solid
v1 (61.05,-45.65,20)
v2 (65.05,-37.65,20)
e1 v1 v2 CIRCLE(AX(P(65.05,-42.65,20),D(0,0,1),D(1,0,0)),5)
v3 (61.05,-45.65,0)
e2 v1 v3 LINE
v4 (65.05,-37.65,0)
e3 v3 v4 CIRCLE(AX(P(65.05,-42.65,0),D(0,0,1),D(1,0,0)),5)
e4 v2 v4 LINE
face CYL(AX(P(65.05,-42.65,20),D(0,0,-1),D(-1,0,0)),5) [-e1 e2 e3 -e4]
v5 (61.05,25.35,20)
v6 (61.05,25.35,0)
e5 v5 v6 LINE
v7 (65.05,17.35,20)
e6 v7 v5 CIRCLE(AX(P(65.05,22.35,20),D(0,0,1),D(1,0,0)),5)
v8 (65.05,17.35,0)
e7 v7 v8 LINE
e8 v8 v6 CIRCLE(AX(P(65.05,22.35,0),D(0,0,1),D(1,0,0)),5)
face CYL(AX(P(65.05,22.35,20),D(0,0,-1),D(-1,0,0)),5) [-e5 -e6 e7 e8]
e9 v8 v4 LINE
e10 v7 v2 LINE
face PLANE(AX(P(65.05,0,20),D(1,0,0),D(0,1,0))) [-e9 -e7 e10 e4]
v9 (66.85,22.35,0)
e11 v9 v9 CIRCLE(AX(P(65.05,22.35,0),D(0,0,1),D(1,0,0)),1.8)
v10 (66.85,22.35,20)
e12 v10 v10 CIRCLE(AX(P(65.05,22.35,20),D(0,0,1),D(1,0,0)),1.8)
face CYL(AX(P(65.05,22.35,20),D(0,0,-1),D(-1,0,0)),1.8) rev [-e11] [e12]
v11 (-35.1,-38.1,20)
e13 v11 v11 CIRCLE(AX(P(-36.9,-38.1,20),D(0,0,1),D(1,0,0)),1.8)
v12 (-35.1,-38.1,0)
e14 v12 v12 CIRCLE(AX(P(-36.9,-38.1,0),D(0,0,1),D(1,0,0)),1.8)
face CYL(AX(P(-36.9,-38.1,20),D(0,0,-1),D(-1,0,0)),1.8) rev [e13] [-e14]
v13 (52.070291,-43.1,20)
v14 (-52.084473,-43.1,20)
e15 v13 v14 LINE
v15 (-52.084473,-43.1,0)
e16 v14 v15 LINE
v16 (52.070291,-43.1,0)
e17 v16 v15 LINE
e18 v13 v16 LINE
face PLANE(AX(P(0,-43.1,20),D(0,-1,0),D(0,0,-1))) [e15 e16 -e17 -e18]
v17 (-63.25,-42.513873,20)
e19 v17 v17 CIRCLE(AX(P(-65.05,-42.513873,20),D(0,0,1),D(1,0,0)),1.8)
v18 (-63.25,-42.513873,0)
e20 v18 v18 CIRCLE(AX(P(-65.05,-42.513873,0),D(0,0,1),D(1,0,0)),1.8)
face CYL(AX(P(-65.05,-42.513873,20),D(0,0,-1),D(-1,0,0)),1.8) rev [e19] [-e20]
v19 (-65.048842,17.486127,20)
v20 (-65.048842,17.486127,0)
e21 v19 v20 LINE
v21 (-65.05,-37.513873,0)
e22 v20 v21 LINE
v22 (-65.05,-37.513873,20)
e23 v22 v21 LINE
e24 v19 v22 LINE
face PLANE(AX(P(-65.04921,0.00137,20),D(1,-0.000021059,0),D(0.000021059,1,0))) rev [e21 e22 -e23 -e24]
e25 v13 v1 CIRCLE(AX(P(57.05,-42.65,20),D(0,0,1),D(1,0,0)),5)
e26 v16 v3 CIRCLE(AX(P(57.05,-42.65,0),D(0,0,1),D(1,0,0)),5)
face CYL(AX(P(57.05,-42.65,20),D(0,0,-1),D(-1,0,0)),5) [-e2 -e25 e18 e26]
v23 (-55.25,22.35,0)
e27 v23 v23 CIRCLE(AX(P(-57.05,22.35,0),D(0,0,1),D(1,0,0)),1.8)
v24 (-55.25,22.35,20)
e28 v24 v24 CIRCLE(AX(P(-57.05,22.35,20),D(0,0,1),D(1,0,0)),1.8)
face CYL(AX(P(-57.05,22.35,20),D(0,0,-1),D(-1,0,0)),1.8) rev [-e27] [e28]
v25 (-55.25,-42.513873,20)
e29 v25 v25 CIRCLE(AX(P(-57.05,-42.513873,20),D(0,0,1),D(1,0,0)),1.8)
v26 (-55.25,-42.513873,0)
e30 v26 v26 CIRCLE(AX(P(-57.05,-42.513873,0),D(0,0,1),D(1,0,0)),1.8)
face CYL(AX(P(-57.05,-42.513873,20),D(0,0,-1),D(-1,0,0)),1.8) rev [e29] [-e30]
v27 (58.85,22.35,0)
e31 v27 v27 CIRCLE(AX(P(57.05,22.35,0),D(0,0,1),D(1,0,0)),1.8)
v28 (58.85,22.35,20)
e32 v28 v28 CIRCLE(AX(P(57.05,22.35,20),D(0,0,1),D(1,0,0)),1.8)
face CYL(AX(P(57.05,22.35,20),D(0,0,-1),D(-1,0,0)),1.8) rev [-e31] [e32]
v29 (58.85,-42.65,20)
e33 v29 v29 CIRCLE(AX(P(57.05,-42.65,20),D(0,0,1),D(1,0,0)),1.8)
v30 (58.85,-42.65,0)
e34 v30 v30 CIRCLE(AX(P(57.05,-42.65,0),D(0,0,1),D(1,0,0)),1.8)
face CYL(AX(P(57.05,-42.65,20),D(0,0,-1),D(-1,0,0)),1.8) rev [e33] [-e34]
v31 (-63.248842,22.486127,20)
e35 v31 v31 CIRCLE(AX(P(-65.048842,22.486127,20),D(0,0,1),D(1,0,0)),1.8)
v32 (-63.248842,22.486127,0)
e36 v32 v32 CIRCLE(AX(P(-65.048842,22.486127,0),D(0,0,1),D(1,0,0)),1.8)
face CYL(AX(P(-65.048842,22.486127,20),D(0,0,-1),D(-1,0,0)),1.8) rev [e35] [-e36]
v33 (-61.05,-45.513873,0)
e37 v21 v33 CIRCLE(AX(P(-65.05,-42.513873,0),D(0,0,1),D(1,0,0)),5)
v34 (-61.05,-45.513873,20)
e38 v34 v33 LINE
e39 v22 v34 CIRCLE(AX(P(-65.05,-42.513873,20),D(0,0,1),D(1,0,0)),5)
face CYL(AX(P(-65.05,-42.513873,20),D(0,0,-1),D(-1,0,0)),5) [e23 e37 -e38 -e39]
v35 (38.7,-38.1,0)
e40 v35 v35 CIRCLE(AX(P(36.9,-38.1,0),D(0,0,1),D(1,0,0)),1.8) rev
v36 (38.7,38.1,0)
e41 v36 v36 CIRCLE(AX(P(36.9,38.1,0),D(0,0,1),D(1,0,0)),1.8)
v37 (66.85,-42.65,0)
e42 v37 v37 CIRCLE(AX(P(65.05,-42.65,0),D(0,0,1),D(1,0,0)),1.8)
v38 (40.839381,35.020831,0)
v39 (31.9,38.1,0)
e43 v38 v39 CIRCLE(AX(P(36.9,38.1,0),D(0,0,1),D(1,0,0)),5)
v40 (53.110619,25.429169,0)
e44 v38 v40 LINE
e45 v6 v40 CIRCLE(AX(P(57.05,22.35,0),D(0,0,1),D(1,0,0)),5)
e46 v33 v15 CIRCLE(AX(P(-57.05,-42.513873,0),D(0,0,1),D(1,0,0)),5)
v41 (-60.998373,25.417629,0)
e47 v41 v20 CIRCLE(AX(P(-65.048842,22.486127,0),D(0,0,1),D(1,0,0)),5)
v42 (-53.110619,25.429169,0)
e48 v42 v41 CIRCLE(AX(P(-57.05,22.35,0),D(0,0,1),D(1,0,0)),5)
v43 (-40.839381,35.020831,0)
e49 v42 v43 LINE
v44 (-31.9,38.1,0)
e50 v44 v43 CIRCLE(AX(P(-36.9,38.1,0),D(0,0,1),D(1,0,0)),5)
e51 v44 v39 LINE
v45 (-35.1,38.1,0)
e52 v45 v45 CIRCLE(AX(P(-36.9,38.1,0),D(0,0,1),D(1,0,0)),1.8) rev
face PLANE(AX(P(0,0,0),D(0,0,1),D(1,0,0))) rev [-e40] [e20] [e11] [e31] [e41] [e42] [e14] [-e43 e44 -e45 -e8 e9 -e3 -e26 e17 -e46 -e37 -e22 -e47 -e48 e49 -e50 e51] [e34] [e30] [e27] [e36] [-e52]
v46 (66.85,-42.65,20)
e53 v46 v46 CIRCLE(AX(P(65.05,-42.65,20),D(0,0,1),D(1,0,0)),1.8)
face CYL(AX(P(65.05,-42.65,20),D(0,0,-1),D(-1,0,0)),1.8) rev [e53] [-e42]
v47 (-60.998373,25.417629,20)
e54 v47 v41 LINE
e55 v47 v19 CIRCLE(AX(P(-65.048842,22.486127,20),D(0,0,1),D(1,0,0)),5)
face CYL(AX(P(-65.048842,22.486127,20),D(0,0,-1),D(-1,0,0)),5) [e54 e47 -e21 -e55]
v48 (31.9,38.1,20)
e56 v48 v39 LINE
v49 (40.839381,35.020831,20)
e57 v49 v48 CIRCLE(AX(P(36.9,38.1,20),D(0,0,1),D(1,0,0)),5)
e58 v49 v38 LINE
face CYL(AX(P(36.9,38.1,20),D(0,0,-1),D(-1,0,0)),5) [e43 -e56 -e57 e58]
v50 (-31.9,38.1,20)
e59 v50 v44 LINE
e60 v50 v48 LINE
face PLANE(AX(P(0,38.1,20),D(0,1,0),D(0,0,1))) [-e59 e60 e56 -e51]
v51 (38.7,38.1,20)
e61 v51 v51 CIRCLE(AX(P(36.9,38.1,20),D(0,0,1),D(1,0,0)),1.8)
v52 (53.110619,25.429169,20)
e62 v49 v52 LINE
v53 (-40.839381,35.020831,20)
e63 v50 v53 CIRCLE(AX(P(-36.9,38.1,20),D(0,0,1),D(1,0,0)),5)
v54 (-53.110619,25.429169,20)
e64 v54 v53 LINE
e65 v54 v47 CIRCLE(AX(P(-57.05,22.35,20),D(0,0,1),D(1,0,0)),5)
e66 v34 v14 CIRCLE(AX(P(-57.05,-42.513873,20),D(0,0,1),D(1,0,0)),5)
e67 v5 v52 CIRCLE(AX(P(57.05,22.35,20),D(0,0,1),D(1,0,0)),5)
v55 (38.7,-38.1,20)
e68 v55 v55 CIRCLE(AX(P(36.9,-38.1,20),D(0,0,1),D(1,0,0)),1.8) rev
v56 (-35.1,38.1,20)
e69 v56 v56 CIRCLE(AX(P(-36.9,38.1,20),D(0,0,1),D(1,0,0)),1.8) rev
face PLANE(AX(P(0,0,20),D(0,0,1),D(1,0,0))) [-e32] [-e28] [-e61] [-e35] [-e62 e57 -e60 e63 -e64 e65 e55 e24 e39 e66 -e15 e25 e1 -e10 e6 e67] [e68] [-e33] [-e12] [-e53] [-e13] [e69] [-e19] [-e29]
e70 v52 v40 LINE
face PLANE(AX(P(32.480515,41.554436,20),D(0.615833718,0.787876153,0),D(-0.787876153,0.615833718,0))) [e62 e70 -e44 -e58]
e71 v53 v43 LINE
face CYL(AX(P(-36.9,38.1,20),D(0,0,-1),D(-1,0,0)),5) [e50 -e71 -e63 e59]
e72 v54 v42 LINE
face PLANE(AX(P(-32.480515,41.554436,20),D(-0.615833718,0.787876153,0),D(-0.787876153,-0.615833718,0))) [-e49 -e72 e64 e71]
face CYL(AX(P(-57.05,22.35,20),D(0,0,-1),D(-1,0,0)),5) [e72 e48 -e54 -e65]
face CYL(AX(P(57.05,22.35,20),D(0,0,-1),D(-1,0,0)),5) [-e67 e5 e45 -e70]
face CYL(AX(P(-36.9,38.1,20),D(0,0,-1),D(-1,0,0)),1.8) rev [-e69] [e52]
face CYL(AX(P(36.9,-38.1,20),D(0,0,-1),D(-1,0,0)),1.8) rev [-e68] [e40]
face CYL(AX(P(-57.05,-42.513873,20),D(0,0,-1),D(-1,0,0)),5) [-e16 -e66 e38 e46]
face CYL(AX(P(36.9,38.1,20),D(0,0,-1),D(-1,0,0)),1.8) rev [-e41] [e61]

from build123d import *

# Parameters (mm, degrees)
SKETCH2_R           = 1.8
BOSS_EXTRUDE1_DEPTH = 20


with BuildPart() as part:
    # Sketch2 → Boss-Extrude1 (new body)
    with BuildSketch(Plane.XY):
        with BuildLine():
            ThreePointArc((-60.998373194, 25.417629235), (-69.501790799, 24.76016427), (-65.048841754, 17.486127155))
            Line((-65.048841754, 17.486127155), (-65.05, -37.513872835))
            ThreePointArc((-65.05, -37.513872835), (-69.522135955, -44.749940812), (-61.05, -45.513872835))
            ThreePointArc((-61.05, -45.513872835), (-55.750093871, -47.341941191), (-52.084473347, -43.1))
            Line((-52.084473347, -43.1), (-36.9, -43.1))
            Line((-36.9, -43.1), (36.9, -43.1))
            Line((36.9, -43.1), (52.070291173, -43.1))
            ThreePointArc((52.070291173, -43.1), (55.684136776, -47.459825117), (61.05, -45.65))
            ThreePointArc((61.05, -45.65), (69.522135955, -44.886067977), (65.05, -37.65))
            Line((65.05, -37.65), (65.05, 17.35))
            ThreePointArc((65.05, 17.35), (69.522135955, 24.586067977), (61.05, 25.35))
            ThreePointArc((61.05, 25.35), (57.099855684, 27.349751435), (53.110619235, 25.429168588))
            Line((53.110619235, 25.429168588), (40.839380765, 35.020831412))
            ThreePointArc((40.839380765, 35.020831412), (38.528357482, 42.827414929), (31.9, 38.1))
            Line((31.9, 38.1), (-31.9, 38.1))
            ThreePointArc((-31.9, 38.1), (-38.528357482, 42.827414929), (-40.839380765, 35.020831412))
            Line((-40.839380765, 35.020831412), (-53.110619235, 25.429168588))
            ThreePointArc((-53.110619235, 25.429168588), (-57.057314719, 27.349994649), (-60.998373194, 25.417629235))
        make_face()
        with Locations((-65.05, -42.513872835)):
            Circle(SKETCH2_R, mode=Mode.SUBTRACT)
        with Locations((-57.05, -42.513872835)):
            Circle(SKETCH2_R, mode=Mode.SUBTRACT)
        with Locations((-36.9, -38.1)):
            Circle(SKETCH2_R, mode=Mode.SUBTRACT)
        with Locations((36.9, -38.1)):
            Circle(SKETCH2_R, mode=Mode.SUBTRACT)
        with Locations((57.05, -42.65)):
            Circle(SKETCH2_R, mode=Mode.SUBTRACT)
        with Locations((65.05, -42.65)):
            Circle(SKETCH2_R, mode=Mode.SUBTRACT)
        with Locations((-65.048841754, 22.486127155)):
            Circle(SKETCH2_R, mode=Mode.SUBTRACT)
        with Locations((-57.05, 22.35)):
            Circle(SKETCH2_R, mode=Mode.SUBTRACT)
        with Locations((-36.9, 38.1)):
            Circle(SKETCH2_R, mode=Mode.SUBTRACT)
        with Locations((57.05, 22.35)):
            Circle(SKETCH2_R, mode=Mode.SUBTRACT)
        with Locations((65.05, 22.35)):
            Circle(SKETCH2_R, mode=Mode.SUBTRACT)
        with Locations((36.9, 38.1)):
            Circle(SKETCH2_R, mode=Mode.SUBTRACT)
    extrude(amount=BOSS_EXTRUDE1_DEPTH)


solid = part.part
